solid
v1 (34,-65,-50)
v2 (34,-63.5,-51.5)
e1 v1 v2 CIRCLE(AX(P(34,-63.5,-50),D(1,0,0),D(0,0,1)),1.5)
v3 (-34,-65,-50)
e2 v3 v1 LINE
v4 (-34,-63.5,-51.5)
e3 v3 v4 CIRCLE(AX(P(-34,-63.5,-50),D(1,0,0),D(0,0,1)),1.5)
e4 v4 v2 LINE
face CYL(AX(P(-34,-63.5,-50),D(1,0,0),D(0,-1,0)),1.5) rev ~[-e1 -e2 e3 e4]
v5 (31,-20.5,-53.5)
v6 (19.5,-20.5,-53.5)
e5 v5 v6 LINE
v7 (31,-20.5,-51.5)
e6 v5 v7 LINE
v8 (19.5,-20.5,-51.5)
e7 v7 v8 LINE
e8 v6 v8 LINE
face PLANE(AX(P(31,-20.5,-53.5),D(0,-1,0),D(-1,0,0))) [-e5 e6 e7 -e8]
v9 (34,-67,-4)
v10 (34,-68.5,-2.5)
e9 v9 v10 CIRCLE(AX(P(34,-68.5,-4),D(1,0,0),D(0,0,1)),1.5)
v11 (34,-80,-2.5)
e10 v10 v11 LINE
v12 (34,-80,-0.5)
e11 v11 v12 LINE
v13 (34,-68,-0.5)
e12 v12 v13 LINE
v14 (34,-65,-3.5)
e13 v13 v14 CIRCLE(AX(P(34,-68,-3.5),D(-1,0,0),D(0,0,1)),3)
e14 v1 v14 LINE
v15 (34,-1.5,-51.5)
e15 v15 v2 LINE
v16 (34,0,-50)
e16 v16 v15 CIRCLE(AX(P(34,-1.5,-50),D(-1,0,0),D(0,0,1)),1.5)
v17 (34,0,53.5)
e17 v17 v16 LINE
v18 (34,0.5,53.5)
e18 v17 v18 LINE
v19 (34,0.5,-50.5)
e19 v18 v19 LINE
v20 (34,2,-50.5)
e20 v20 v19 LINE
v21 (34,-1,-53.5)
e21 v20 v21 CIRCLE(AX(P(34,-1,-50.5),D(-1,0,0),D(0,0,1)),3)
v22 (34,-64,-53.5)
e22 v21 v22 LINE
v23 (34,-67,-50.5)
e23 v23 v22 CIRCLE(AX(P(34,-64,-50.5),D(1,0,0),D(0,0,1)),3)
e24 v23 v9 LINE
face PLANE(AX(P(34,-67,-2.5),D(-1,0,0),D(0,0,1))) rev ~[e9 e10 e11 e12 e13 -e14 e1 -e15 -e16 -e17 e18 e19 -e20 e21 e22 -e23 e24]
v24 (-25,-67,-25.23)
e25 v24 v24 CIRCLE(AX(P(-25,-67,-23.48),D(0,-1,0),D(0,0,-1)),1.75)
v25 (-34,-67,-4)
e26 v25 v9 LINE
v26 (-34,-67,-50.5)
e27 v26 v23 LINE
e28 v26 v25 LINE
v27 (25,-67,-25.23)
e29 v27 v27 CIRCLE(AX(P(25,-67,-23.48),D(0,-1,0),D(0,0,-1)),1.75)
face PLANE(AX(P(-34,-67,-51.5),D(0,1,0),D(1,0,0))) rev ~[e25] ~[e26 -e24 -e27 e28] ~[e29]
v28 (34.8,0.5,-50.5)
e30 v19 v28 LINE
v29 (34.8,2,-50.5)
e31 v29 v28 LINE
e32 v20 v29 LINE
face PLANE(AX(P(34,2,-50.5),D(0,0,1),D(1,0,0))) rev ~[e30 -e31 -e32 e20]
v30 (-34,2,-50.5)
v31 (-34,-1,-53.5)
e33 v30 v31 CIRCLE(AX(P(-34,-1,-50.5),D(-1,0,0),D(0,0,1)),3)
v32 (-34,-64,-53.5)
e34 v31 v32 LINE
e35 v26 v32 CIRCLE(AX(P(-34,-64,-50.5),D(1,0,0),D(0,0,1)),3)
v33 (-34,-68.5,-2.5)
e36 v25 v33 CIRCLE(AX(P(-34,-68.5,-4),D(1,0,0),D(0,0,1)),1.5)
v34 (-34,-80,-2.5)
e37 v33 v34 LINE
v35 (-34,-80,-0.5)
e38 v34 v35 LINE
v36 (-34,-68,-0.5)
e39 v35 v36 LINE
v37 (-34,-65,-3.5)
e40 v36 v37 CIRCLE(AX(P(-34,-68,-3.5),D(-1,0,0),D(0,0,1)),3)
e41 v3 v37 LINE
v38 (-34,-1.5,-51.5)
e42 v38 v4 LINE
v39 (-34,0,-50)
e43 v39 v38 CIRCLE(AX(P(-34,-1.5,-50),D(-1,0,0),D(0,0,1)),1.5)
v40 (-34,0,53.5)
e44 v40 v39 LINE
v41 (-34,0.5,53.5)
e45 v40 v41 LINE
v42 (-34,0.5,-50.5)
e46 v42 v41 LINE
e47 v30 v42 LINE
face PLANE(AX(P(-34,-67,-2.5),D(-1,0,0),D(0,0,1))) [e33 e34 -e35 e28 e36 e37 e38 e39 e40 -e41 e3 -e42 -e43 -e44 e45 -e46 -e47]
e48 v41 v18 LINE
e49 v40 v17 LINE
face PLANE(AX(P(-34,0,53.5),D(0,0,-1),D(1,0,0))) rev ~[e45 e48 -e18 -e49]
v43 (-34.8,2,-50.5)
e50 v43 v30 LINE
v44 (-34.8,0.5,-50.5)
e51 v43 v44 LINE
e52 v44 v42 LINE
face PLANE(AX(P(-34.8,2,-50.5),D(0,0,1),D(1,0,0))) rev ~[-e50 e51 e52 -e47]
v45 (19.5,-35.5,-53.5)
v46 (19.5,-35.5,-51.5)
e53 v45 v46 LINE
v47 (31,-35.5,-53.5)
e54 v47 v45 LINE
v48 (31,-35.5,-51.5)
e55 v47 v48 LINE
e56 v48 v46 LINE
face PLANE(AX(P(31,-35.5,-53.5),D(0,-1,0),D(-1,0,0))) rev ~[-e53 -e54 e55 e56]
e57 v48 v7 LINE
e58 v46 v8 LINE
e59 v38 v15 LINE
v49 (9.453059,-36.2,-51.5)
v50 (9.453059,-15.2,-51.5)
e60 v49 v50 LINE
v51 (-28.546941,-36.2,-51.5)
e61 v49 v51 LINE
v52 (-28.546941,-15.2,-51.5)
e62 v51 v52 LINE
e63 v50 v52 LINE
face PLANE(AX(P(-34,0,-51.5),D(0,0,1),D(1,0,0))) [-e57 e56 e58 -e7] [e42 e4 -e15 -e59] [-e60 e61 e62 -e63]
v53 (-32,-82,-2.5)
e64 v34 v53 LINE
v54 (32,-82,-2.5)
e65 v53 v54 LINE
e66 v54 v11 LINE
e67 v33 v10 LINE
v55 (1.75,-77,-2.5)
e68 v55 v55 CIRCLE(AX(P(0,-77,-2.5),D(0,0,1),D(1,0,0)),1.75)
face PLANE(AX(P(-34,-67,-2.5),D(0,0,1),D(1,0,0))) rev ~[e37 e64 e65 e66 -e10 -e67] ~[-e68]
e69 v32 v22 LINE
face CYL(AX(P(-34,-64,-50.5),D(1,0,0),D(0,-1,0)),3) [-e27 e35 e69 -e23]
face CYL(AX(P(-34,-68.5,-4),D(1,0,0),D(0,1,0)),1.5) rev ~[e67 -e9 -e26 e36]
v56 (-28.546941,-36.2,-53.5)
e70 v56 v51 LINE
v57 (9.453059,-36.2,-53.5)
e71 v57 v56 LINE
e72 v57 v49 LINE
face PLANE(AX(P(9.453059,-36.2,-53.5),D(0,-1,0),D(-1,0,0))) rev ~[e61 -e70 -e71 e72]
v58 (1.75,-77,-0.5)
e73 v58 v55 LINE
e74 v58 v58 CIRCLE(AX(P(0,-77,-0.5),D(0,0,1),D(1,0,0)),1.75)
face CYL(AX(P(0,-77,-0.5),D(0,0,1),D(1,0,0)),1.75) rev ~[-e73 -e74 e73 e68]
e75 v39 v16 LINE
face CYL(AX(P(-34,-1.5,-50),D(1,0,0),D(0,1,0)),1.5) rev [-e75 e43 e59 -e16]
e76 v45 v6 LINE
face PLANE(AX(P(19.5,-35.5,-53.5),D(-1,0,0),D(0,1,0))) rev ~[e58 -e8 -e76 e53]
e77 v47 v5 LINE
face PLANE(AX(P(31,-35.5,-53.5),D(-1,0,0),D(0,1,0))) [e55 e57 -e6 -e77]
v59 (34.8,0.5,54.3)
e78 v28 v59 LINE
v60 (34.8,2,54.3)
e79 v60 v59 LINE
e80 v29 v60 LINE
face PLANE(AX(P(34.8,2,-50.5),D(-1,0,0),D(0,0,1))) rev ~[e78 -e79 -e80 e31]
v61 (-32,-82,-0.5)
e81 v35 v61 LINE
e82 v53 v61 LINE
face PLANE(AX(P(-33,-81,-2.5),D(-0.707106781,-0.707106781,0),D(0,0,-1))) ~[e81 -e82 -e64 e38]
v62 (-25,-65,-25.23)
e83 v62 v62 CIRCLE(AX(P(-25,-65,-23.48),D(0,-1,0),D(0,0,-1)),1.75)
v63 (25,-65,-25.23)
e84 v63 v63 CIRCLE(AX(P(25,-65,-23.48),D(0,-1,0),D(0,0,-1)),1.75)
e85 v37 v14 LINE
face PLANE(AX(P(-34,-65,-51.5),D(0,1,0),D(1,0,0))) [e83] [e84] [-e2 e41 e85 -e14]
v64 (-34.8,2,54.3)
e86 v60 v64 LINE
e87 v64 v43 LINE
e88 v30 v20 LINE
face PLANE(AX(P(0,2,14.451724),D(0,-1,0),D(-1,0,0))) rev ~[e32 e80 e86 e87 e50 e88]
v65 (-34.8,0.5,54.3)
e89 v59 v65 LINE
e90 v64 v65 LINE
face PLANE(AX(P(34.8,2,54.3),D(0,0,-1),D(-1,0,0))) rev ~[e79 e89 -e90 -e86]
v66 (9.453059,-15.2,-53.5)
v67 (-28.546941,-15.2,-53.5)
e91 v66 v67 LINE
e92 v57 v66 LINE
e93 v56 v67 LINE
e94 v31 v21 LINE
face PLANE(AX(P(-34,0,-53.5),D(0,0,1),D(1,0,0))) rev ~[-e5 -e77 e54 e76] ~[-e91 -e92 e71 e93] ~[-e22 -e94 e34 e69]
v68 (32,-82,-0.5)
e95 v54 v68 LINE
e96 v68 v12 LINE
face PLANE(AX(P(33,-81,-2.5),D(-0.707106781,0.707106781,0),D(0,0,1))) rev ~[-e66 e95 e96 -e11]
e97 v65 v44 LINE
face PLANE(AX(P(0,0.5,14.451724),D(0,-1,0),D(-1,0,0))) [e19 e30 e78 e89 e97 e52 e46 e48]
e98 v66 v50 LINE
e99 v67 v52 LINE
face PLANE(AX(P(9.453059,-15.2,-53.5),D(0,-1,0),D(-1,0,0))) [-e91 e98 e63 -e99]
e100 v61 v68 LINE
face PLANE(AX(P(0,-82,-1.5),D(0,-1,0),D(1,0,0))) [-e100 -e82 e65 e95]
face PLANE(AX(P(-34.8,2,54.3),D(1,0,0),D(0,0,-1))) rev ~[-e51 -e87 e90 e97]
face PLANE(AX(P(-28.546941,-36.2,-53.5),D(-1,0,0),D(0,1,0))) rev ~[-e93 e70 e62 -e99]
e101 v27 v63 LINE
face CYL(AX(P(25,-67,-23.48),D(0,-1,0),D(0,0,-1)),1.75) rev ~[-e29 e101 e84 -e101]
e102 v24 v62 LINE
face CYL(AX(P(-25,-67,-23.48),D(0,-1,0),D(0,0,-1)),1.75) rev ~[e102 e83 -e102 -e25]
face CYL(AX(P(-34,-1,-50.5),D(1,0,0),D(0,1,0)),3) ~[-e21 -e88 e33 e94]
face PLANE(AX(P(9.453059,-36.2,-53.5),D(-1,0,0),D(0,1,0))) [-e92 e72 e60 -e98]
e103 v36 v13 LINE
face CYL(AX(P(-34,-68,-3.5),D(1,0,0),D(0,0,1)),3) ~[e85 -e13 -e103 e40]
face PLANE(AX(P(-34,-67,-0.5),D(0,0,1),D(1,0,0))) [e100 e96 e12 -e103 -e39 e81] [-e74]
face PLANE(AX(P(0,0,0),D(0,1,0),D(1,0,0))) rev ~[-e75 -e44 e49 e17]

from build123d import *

# Parameters (mm, degrees)
SKETCH1_W           = 68
SKETCH1_H           = 107
BOSS_EXTRUDE1_DEPTH = 2
SKETCH2_W           = 68
SKETCH2_H           = 2
BOSS_EXTRUDE2_DEPTH = 67
CUT_EXTRUDE2_REACH  = 132.744
SKETCH4_W           = 11.5
SKETCH4_H           = 15
SKETCH4_W_2         = 38
SKETCH4_H_2         = 21
SKETCH5_W           = 68
SKETCH5_H           = 2
BOSS_EXTRUDE3_DEPTH = 51
SKETCH6_W           = 68
SKETCH6_H           = 2
BOSS_EXTRUDE4_DEPTH = 15
BOSS_EXTRUDE5_DEPTH = 1.5
CUT_EXTRUDE4_REACH  = 96.449
SKETCH9_R           = 1.75
FILLET1_R           = 1.5
FILLET2_R           = 3
FILLET3_R           = 1.5
FILLET4_R           = 3
FILLET5_R           = 1.5
FILLET6_R           = 3
CUT_EXTRUDE5_REACH  = 106.585
SKETCH10_R          = 1.75
CHAMFER1_SIZE       = 2


with BuildPart() as part:
    # Sketch1 → Boss-Extrude1 (new body)
    with BuildSketch(Plane(origin=(0, 0, 0), x_dir=(1, 0, 0), z_dir=(0, 1, 0))):
        Rectangle(SKETCH1_W, SKETCH1_H)
    extrude(amount=BOSS_EXTRUDE1_DEPTH)

    # Sketch2 → Boss-Extrude2 (add)
    with BuildSketch(Plane.XZ):
        with Locations((0, -52.5)):
            Rectangle(SKETCH2_W, SKETCH2_H)
    extrude(amount=BOSS_EXTRUDE2_DEPTH)

    # Sketch4 → Cut-Extrude2 (cut, up to next)
    with BuildSketch(Plane(origin=(0, 0, -53.5), x_dir=(-1, 0, 0), z_dir=(0, 0, -1)), mode=Mode.PRIVATE) as cut_extrude2_sk1:
        with Locations((-25.25, -28)):
            Rectangle(SKETCH4_W, SKETCH4_H)
    cut_extrude2_tool1 = extrude(cut_extrude2_sk1.sketch, amount=-CUT_EXTRUDE2_REACH, mode=Mode.PRIVATE) & part.part
    # Sketch4 → Cut-Extrude2 (cut, up to next)
    with BuildSketch(Plane(origin=(0, 0, -53.5), x_dir=(-1, 0, 0), z_dir=(0, 0, -1)), mode=Mode.PRIVATE) as cut_extrude2_sk2:
        with Locations((9.546940835, -25.7)):
            Rectangle(SKETCH4_W_2, SKETCH4_H_2)
    cut_extrude2_tool2 = extrude(cut_extrude2_sk2.sketch, amount=-CUT_EXTRUDE2_REACH, mode=Mode.PRIVATE) & part.part
    add(cut_extrude2_tool1.solids().sort_by_distance((25.25, -28, -53.5))[0], mode=Mode.SUBTRACT)
    add(cut_extrude2_tool2.solids().sort_by_distance((-9.546941, -25.7, -53.5))[0], mode=Mode.SUBTRACT)

    # Sketch5 → Boss-Extrude3 (add)
    with BuildSketch(Plane.XY.offset(-51.5)):
        with Locations((0, -66)):
            Rectangle(SKETCH5_W, SKETCH5_H)
    extrude(amount=BOSS_EXTRUDE3_DEPTH)

    # Sketch6 → Boss-Extrude4 (add)
    with BuildSketch(Plane.XZ.offset(67)):
        with Locations((0, -1.5)):
            Rectangle(SKETCH6_W, SKETCH6_H)
    extrude(amount=BOSS_EXTRUDE4_DEPTH)

    # Sketch8 → Boss-Extrude5 (add)
    with BuildSketch(Plane(origin=(0, 2, 0), x_dir=(1, 0, 0), z_dir=(0, 1, 0))):
        Polygon((-34.8, 50.5), (-34, 50.5), (-34, -53.5), (34, -53.5), (34, 50.5), (34.8, 50.5), (34.8, -54.3), (-34.8, -54.3), align=None)
    extrude(amount=-BOSS_EXTRUDE5_DEPTH)

    # Sketch9 → Cut-Extrude4 (cut, up to next)
    with BuildSketch(Plane.XZ.offset(67), mode=Mode.PRIVATE) as cut_extrude4_sk1:
        with Locations(Location((-25, -23.48, 0), (0, 0, 270))):
            Circle(SKETCH9_R)
    cut_extrude4_tool1 = extrude(cut_extrude4_sk1.sketch, amount=-CUT_EXTRUDE4_REACH, mode=Mode.PRIVATE) & part.part
    # Sketch9 → Cut-Extrude4 (cut, up to next)
    with BuildSketch(Plane.XZ.offset(67), mode=Mode.PRIVATE) as cut_extrude4_sk2:
        with Locations(Location((25, -23.48, 0), (0, 0, 270))):
            Circle(SKETCH9_R)
    cut_extrude4_tool2 = extrude(cut_extrude4_sk2.sketch, amount=-CUT_EXTRUDE4_REACH, mode=Mode.PRIVATE) & part.part
    add(cut_extrude4_tool1.solids().sort_by_distance((-25, -67, -23.48))[0], mode=Mode.SUBTRACT)
    add(cut_extrude4_tool2.solids().sort_by_distance((25, -67, -23.48))[0], mode=Mode.SUBTRACT)

    # Fillet1
    fillet1_edges = [part.edges().sort_by_distance(p)[0] for p in [
        (0, -67, -2.5),
    ]]
    fillet(fillet1_edges, radius=FILLET1_R)

    # Fillet2
    fillet2_edges = [part.edges().sort_by_distance(p)[0] for p in [
        (0, -65, -0.5),
    ]]
    fillet(fillet2_edges, radius=FILLET2_R)

    # Fillet3
    fillet3_edges = [part.edges().sort_by_distance(p)[0] for p in [
        (0, -65, -51.5),
    ]]
    fillet(fillet3_edges, radius=FILLET3_R)

    # Fillet4
    fillet4_edges = [part.edges().sort_by_distance(p)[0] for p in [
        (0, -67, -53.5),
    ]]
    fillet(fillet4_edges, radius=FILLET4_R)

    # Fillet5
    fillet5_edges = [part.edges().sort_by_distance(p)[0] for p in [
        (0, 0, -51.5),
    ]]
    fillet(fillet5_edges, radius=FILLET5_R)

    # Fillet6
    fillet6_edges = [part.edges().sort_by_distance(p)[0] for p in [
        (0, 2, -53.5),
    ]]
    fillet(fillet6_edges, radius=FILLET6_R)

    # Sketch10 → Cut-Extrude5 (cut, up to next)
    with BuildSketch(Plane.XY.offset(-0.5), mode=Mode.PRIVATE) as cut_extrude5_sk1:
        with Locations((0, -77)):
            Circle(SKETCH10_R)
    cut_extrude5_tool1 = extrude(cut_extrude5_sk1.sketch, amount=-CUT_EXTRUDE5_REACH, mode=Mode.PRIVATE) & part.part
    add(cut_extrude5_tool1.solids().sort_by_distance((0, -77, -0.5))[0], mode=Mode.SUBTRACT)

    # Chamfer1
    chamfer1_edges = [part.edges().sort_by_distance(p)[0] for p in [
        (-34, -82, -1.5),
        (34, -82, -1.5),
    ]]
    chamfer(chamfer1_edges, length=CHAMFER1_SIZE)


solid = part.part
